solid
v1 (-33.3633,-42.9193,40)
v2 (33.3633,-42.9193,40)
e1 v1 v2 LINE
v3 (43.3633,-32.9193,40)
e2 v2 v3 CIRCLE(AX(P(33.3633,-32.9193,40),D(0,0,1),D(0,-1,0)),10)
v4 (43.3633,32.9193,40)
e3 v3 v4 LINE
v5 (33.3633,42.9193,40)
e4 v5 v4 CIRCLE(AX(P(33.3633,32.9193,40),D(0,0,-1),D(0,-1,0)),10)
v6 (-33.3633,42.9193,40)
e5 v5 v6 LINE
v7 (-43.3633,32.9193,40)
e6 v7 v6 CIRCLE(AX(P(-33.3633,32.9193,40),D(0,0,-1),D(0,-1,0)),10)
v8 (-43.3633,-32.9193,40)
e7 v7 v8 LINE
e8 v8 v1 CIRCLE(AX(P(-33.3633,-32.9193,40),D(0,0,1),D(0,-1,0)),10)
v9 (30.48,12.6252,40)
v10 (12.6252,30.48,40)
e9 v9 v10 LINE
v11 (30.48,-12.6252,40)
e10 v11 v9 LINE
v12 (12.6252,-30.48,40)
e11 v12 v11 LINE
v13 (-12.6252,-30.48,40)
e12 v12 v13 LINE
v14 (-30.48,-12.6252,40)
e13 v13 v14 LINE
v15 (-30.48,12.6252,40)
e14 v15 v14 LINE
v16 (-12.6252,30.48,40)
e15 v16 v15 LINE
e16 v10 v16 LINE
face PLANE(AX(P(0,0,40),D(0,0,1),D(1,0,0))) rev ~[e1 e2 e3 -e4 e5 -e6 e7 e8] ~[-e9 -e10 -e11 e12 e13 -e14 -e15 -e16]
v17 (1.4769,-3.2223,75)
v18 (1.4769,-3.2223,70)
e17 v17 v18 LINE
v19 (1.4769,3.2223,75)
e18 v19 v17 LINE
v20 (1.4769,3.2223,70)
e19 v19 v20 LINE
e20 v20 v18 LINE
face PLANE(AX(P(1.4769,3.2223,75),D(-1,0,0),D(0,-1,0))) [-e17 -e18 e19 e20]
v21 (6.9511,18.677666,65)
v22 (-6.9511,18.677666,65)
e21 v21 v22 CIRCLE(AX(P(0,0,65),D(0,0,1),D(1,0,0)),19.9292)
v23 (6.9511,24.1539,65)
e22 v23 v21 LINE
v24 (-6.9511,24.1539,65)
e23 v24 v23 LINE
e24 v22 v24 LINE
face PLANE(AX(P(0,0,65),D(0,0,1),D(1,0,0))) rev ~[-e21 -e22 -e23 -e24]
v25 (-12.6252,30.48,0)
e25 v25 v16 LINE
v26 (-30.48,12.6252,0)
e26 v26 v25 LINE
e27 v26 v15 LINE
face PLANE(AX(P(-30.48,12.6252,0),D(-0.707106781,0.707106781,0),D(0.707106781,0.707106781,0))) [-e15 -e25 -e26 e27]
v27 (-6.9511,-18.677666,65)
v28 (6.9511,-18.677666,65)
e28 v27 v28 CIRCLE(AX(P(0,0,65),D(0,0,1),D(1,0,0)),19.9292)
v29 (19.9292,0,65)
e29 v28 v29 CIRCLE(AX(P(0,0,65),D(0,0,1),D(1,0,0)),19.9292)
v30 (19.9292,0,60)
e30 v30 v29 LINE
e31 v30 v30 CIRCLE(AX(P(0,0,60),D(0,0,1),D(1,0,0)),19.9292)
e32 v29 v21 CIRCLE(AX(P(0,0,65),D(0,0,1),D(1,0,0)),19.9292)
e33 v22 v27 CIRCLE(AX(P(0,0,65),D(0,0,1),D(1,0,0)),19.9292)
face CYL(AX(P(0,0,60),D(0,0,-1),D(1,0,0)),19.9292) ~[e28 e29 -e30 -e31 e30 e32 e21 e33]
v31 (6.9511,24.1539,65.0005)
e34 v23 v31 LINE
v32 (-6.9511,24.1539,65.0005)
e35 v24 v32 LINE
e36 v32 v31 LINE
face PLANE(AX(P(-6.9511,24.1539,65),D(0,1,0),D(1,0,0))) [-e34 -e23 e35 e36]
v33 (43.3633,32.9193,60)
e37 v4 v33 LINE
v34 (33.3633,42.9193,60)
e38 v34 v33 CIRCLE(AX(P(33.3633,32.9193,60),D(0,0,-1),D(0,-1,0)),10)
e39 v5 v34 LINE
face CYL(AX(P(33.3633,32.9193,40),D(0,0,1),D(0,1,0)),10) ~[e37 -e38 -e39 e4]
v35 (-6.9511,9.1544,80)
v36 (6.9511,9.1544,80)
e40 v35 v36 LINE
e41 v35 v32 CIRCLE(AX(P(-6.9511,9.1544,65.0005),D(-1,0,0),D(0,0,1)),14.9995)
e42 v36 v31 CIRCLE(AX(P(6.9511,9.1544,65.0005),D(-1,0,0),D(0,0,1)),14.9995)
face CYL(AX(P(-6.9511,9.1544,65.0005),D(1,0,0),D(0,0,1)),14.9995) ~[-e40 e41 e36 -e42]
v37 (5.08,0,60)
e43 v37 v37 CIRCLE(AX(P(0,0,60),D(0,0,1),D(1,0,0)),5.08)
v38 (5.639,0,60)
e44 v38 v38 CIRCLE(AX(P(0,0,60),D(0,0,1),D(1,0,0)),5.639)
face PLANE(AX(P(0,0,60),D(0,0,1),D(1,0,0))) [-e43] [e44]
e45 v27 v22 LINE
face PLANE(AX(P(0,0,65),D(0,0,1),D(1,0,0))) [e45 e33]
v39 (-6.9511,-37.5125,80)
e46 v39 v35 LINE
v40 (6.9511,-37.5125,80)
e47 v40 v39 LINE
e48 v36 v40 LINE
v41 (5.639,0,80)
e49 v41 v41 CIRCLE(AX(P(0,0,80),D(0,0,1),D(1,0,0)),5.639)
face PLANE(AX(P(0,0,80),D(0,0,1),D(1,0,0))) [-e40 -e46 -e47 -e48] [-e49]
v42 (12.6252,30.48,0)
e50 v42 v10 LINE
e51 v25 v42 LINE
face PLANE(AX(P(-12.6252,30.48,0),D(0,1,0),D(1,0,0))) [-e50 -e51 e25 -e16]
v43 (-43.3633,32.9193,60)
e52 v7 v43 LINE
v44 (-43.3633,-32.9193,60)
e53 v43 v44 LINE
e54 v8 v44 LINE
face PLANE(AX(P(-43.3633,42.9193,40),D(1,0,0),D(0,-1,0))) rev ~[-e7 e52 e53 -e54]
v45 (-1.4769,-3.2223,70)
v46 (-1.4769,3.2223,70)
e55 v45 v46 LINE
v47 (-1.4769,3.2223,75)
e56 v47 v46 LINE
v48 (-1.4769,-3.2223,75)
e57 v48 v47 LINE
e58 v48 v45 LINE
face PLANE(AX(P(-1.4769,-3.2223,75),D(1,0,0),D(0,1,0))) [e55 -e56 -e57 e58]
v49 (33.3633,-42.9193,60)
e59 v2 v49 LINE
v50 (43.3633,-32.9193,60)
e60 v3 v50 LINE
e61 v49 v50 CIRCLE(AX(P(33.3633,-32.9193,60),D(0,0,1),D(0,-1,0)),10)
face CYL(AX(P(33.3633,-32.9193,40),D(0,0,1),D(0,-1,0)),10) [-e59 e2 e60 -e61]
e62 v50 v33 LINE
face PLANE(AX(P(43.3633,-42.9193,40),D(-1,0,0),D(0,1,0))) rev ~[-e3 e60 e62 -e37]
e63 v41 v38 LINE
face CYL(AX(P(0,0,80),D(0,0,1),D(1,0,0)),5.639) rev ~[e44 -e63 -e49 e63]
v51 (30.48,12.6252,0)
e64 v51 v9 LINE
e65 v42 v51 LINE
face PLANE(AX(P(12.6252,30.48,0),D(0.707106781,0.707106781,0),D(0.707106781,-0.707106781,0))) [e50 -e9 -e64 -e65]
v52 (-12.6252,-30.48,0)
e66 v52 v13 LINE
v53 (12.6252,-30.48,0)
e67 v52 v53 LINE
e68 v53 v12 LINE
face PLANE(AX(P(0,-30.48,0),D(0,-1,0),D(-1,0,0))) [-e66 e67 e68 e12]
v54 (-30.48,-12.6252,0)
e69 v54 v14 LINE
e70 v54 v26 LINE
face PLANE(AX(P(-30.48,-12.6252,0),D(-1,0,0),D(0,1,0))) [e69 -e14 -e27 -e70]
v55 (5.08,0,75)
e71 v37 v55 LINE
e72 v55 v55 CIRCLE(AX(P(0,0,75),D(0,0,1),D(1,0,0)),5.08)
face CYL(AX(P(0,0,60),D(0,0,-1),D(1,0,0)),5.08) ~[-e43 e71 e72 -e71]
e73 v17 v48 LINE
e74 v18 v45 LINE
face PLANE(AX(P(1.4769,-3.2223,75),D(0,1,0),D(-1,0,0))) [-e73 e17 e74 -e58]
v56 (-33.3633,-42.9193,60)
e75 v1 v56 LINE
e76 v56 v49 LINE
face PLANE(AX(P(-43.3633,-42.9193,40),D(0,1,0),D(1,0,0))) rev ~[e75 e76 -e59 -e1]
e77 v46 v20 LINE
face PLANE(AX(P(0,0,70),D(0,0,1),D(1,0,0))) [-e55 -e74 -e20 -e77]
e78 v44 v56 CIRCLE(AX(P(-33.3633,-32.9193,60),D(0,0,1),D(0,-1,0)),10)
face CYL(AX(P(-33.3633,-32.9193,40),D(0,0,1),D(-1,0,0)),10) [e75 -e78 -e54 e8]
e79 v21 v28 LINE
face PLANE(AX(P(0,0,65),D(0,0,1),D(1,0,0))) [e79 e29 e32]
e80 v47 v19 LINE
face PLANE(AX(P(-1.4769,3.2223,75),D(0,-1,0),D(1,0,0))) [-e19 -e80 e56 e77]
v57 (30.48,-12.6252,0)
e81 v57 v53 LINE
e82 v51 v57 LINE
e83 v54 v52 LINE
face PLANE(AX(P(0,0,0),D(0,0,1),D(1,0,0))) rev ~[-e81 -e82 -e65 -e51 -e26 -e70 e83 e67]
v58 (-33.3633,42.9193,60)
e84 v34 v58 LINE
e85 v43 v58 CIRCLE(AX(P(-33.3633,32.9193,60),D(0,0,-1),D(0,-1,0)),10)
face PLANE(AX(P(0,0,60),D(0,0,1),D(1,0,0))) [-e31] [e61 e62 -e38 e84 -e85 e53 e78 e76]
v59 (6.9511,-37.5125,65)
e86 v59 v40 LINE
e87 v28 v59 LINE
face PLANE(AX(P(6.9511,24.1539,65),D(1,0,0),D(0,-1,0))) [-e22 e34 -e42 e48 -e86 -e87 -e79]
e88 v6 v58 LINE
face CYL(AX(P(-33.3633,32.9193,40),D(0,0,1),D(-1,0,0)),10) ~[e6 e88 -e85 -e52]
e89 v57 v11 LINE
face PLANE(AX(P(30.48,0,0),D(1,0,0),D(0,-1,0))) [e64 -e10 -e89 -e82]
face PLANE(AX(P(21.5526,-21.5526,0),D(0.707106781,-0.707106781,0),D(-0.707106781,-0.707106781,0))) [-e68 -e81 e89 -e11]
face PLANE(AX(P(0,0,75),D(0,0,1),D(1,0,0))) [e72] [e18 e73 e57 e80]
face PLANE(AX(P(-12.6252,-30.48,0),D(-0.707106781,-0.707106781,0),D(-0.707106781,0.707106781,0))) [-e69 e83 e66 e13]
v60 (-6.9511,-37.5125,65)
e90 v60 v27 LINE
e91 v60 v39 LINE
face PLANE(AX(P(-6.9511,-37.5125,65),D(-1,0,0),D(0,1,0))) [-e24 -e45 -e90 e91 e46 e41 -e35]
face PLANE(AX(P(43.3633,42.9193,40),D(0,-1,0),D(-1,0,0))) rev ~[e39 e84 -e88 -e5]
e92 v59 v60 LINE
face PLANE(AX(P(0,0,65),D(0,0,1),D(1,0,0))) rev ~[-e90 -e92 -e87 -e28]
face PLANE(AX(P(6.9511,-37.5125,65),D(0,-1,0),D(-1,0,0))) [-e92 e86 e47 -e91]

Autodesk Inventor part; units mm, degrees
ref_plane "YZ Plane" through (0, 0, 0) normal (1, 0, 0) x (0, 1, 0)
ref_plane "XZ Plane" through (0, 0, 0) normal (0, 1, 0) x (-1, 0, 0)
ref_plane "XY Plane" through (0, 0, 0) normal (0, 0, 1) x (1, 0, 0)
sketch "Sketch1" plane through (0, 0, 0) normal (0, 0, 1) x (1, 0, 0)
  line L0 (-12.6252, -30.48) -> (-30.48, -12.6252)
  line L1 (-30.48, -12.6252) -> (-30.48, 12.6252)
  line L2 (-30.48, 12.6252) -> (-12.6252, 30.48)
  line L3 (-12.6252, 30.48) -> (12.6252, 30.48)
  line L4 (12.6252, 30.48) -> (30.48, 12.6252)
  line L5 (30.48, 12.6252) -> (30.48, -12.6252)
  line L6 (30.48, -12.6252) -> (12.6252, -30.48)
  line L7 (12.6252, -30.48) -> (-12.6252, -30.48)
  circle A0 centre (0, 0) radius 30.48
  line L8 (28.3719, -11.1385) -> (12.1858, -27.9381)
  line L9 (12.1858, -27.9381) -> (-11.1385, -28.3719)
  line L10 (-11.1385, -28.3719) -> (-27.9381, -12.1858)
  line L11 (-27.9381, -12.1858) -> (-28.3719, 11.1385)
  line L12 (-28.3719, 11.1385) -> (-12.1858, 27.9381)
  line L13 (-12.1858, 27.9381) -> (11.1385, 28.3719)
  line L14 (11.1385, 28.3719) -> (27.9381, 12.1858)
  line L15 (27.9381, 12.1858) -> (28.3719, -11.1385)
  point P0 (0, 0)
  point P1 (0, 30.48)
  dimension "d50" = 60.96
  dimension "d54" = 30.48
extrude "Extrusion1" add sketch "Sketch1" along normal blind 40
sketch "Sketch2" plane through (0, 0, 40) normal (0, 0, 1) x (1, 0, 0)
  line L0 (-43.3633, -42.9193) -> (43.3633, -42.9193)
  line L1 (43.3633, -42.9193) -> (43.3633, 42.9193)
  line L2 (43.3633, 42.9193) -> (-43.3633, 42.9193)
  line L3 (-43.3633, 42.9193) -> (-43.3633, -42.9193)
  line L4 (-43.3633, -42.9193) -> (43.3633, 42.9193) construction
  line L5 (43.3633, -42.9193) -> (-43.3633, 42.9193) construction
  point P0 (0, 0)
extrude "Extrusion2" add sketch "Sketch2" along normal blind 20
fillet "Fillet1" radius 10 4 edges at (43.3633, 42.9193, 50) (43.3633, -42.9193, 50) (-43.3633, 42.9193, 50) (-43.3633, -42.9193, 50)
sketch "Sketch3" plane through (0, 0, 60) normal (0, 0, 1) x (1, 0, 0)
  circle A0 centre (0, 0) radius 19.9292
extrude "Extrusion3" add sketch "Sketch3" along normal blind 5
sketch "Sketch4" plane through (0, 0, 65) normal (0, 0, 1) x (1, 0, 0)
  line L0 (6.9511, -37.5125) -> (-6.9511, -37.5125)
  line L1 (-6.9511, -37.5125) -> (-6.9511, 24.1539)
  line L2 (-6.9511, 24.1539) -> (6.9511, 24.1539)
  line L3 (6.9511, 24.1539) -> (6.9511, -37.5125)
  line L4 (6.9511, -37.5125) -> (-6.9511, 24.1539) construction
  line L5 (-6.9511, -37.5125) -> (6.9511, 24.1539) construction
  point P0 (0, 0)
  point P1 (0, -6.6793)
extrude "Extrusion4" add sketch "Sketch4" along normal blind 15
fillet "Fillet2" radius 15 1 edges at (0, 24.1539, 80)
sketch "Sketch5" plane through (0, 0, 80) normal (0, 0, 1) x (1, 0, 0)
  circle A0 centre (0, 0) radius 5.639
extrude "Extrusion5" cut sketch "Sketch5" against normal blind 20
sketch "Sketch6" plane through (0, 0, 60) normal (0, 0, 1) x (1, 0, 0)
  circle A0 centre (0, 0) radius 5.639 projected
  circle A1 centre (0, 0) radius 5.08
  dimension "d13" = 10.16
extrude "Extrusion6" add sketch "Sketch6" along normal blind 15 contours A1
sketch "Sketch7" plane through (0, 0, 75) normal (0, 0, 1) x (1, 0, 0)
  line L0 (1.4769, -3.2223) -> (-1.4769, -3.2223)
  line L1 (-1.4769, -3.2223) -> (-1.4769, 3.2223)
  line L2 (-1.4769, 3.2223) -> (1.4769, 3.2223)
  line L3 (1.4769, 3.2223) -> (1.4769, -3.2223)
  circle A0 centre (0, 0) radius 5.639 projected
  line L4 (1.4769, -3.2223) -> (-1.4769, 3.2223) construction
  line L5 (-1.4769, -3.2223) -> (1.4769, 3.2223) construction
extrude "Extrusion7" cut sketch "Sketch7" against normal blind 5 contours L0 L1 L2 L3
sketch "Sketch8" plane through (0, 0, 60) normal (0, 0, 1) x (1, 0, 0)
  line L0 (-9.528, 62.156) -> (8.3554, 62.156) construction
  line L1 (8.3554, 62.156) -> (8.3554, 44.2726) construction
  line L2 (8.3554, 44.2726) -> (-9.528, 44.2726) construction
  line L3 (-9.528, 44.2726) -> (-9.528, 62.156) construction
  line L4 (44.1222, 9.3815) -> (61.4167, 9.3815) construction
  line L5 (61.4167, 9.3815) -> (61.4167, -7.913) construction
  line L6 (61.4167, -7.913) -> (44.1222, -7.913) construction
  line L7 (44.1222, -7.913) -> (44.1222, 9.3815) construction
  point P0 (0, 0)
decal "Decal1"
decal "Decal2"
sketch "Sketch9" plane through (-30.48, 12.6252, 0) normal (-1, 0, 0) x (0, -1, 0)
  point P0 (12.6252, 0)
sketch "Sketch10" plane through (0, 0, 60) normal (0, 0, 1) x (1, 0, 0)
  line L0 (-5.7001, 39.3416) -> (5.3375, 39.3416) construction
  line L1 (5.3375, 39.3416) -> (5.3375, 28.3041) construction
  line L2 (5.3375, 28.3041) -> (-5.7001, 28.3041) construction
  line L3 (-5.7001, 28.3041) -> (-5.7001, 39.3416) construction
  line L4 (25.3709, 6.0354) -> (36.3058, 6.0354) construction
  line L5 (36.3058, 6.0354) -> (36.3058, -4.8995) construction
  line L6 (36.3058, -4.8995) -> (25.3709, -4.8995) construction
  line L7 (25.3709, -4.8995) -> (25.3709, 6.0354) construction
  point P0 (0, 0)
decal "Decal3"
decal "Decal4"
properties part number "gabaritna_sklopka"
